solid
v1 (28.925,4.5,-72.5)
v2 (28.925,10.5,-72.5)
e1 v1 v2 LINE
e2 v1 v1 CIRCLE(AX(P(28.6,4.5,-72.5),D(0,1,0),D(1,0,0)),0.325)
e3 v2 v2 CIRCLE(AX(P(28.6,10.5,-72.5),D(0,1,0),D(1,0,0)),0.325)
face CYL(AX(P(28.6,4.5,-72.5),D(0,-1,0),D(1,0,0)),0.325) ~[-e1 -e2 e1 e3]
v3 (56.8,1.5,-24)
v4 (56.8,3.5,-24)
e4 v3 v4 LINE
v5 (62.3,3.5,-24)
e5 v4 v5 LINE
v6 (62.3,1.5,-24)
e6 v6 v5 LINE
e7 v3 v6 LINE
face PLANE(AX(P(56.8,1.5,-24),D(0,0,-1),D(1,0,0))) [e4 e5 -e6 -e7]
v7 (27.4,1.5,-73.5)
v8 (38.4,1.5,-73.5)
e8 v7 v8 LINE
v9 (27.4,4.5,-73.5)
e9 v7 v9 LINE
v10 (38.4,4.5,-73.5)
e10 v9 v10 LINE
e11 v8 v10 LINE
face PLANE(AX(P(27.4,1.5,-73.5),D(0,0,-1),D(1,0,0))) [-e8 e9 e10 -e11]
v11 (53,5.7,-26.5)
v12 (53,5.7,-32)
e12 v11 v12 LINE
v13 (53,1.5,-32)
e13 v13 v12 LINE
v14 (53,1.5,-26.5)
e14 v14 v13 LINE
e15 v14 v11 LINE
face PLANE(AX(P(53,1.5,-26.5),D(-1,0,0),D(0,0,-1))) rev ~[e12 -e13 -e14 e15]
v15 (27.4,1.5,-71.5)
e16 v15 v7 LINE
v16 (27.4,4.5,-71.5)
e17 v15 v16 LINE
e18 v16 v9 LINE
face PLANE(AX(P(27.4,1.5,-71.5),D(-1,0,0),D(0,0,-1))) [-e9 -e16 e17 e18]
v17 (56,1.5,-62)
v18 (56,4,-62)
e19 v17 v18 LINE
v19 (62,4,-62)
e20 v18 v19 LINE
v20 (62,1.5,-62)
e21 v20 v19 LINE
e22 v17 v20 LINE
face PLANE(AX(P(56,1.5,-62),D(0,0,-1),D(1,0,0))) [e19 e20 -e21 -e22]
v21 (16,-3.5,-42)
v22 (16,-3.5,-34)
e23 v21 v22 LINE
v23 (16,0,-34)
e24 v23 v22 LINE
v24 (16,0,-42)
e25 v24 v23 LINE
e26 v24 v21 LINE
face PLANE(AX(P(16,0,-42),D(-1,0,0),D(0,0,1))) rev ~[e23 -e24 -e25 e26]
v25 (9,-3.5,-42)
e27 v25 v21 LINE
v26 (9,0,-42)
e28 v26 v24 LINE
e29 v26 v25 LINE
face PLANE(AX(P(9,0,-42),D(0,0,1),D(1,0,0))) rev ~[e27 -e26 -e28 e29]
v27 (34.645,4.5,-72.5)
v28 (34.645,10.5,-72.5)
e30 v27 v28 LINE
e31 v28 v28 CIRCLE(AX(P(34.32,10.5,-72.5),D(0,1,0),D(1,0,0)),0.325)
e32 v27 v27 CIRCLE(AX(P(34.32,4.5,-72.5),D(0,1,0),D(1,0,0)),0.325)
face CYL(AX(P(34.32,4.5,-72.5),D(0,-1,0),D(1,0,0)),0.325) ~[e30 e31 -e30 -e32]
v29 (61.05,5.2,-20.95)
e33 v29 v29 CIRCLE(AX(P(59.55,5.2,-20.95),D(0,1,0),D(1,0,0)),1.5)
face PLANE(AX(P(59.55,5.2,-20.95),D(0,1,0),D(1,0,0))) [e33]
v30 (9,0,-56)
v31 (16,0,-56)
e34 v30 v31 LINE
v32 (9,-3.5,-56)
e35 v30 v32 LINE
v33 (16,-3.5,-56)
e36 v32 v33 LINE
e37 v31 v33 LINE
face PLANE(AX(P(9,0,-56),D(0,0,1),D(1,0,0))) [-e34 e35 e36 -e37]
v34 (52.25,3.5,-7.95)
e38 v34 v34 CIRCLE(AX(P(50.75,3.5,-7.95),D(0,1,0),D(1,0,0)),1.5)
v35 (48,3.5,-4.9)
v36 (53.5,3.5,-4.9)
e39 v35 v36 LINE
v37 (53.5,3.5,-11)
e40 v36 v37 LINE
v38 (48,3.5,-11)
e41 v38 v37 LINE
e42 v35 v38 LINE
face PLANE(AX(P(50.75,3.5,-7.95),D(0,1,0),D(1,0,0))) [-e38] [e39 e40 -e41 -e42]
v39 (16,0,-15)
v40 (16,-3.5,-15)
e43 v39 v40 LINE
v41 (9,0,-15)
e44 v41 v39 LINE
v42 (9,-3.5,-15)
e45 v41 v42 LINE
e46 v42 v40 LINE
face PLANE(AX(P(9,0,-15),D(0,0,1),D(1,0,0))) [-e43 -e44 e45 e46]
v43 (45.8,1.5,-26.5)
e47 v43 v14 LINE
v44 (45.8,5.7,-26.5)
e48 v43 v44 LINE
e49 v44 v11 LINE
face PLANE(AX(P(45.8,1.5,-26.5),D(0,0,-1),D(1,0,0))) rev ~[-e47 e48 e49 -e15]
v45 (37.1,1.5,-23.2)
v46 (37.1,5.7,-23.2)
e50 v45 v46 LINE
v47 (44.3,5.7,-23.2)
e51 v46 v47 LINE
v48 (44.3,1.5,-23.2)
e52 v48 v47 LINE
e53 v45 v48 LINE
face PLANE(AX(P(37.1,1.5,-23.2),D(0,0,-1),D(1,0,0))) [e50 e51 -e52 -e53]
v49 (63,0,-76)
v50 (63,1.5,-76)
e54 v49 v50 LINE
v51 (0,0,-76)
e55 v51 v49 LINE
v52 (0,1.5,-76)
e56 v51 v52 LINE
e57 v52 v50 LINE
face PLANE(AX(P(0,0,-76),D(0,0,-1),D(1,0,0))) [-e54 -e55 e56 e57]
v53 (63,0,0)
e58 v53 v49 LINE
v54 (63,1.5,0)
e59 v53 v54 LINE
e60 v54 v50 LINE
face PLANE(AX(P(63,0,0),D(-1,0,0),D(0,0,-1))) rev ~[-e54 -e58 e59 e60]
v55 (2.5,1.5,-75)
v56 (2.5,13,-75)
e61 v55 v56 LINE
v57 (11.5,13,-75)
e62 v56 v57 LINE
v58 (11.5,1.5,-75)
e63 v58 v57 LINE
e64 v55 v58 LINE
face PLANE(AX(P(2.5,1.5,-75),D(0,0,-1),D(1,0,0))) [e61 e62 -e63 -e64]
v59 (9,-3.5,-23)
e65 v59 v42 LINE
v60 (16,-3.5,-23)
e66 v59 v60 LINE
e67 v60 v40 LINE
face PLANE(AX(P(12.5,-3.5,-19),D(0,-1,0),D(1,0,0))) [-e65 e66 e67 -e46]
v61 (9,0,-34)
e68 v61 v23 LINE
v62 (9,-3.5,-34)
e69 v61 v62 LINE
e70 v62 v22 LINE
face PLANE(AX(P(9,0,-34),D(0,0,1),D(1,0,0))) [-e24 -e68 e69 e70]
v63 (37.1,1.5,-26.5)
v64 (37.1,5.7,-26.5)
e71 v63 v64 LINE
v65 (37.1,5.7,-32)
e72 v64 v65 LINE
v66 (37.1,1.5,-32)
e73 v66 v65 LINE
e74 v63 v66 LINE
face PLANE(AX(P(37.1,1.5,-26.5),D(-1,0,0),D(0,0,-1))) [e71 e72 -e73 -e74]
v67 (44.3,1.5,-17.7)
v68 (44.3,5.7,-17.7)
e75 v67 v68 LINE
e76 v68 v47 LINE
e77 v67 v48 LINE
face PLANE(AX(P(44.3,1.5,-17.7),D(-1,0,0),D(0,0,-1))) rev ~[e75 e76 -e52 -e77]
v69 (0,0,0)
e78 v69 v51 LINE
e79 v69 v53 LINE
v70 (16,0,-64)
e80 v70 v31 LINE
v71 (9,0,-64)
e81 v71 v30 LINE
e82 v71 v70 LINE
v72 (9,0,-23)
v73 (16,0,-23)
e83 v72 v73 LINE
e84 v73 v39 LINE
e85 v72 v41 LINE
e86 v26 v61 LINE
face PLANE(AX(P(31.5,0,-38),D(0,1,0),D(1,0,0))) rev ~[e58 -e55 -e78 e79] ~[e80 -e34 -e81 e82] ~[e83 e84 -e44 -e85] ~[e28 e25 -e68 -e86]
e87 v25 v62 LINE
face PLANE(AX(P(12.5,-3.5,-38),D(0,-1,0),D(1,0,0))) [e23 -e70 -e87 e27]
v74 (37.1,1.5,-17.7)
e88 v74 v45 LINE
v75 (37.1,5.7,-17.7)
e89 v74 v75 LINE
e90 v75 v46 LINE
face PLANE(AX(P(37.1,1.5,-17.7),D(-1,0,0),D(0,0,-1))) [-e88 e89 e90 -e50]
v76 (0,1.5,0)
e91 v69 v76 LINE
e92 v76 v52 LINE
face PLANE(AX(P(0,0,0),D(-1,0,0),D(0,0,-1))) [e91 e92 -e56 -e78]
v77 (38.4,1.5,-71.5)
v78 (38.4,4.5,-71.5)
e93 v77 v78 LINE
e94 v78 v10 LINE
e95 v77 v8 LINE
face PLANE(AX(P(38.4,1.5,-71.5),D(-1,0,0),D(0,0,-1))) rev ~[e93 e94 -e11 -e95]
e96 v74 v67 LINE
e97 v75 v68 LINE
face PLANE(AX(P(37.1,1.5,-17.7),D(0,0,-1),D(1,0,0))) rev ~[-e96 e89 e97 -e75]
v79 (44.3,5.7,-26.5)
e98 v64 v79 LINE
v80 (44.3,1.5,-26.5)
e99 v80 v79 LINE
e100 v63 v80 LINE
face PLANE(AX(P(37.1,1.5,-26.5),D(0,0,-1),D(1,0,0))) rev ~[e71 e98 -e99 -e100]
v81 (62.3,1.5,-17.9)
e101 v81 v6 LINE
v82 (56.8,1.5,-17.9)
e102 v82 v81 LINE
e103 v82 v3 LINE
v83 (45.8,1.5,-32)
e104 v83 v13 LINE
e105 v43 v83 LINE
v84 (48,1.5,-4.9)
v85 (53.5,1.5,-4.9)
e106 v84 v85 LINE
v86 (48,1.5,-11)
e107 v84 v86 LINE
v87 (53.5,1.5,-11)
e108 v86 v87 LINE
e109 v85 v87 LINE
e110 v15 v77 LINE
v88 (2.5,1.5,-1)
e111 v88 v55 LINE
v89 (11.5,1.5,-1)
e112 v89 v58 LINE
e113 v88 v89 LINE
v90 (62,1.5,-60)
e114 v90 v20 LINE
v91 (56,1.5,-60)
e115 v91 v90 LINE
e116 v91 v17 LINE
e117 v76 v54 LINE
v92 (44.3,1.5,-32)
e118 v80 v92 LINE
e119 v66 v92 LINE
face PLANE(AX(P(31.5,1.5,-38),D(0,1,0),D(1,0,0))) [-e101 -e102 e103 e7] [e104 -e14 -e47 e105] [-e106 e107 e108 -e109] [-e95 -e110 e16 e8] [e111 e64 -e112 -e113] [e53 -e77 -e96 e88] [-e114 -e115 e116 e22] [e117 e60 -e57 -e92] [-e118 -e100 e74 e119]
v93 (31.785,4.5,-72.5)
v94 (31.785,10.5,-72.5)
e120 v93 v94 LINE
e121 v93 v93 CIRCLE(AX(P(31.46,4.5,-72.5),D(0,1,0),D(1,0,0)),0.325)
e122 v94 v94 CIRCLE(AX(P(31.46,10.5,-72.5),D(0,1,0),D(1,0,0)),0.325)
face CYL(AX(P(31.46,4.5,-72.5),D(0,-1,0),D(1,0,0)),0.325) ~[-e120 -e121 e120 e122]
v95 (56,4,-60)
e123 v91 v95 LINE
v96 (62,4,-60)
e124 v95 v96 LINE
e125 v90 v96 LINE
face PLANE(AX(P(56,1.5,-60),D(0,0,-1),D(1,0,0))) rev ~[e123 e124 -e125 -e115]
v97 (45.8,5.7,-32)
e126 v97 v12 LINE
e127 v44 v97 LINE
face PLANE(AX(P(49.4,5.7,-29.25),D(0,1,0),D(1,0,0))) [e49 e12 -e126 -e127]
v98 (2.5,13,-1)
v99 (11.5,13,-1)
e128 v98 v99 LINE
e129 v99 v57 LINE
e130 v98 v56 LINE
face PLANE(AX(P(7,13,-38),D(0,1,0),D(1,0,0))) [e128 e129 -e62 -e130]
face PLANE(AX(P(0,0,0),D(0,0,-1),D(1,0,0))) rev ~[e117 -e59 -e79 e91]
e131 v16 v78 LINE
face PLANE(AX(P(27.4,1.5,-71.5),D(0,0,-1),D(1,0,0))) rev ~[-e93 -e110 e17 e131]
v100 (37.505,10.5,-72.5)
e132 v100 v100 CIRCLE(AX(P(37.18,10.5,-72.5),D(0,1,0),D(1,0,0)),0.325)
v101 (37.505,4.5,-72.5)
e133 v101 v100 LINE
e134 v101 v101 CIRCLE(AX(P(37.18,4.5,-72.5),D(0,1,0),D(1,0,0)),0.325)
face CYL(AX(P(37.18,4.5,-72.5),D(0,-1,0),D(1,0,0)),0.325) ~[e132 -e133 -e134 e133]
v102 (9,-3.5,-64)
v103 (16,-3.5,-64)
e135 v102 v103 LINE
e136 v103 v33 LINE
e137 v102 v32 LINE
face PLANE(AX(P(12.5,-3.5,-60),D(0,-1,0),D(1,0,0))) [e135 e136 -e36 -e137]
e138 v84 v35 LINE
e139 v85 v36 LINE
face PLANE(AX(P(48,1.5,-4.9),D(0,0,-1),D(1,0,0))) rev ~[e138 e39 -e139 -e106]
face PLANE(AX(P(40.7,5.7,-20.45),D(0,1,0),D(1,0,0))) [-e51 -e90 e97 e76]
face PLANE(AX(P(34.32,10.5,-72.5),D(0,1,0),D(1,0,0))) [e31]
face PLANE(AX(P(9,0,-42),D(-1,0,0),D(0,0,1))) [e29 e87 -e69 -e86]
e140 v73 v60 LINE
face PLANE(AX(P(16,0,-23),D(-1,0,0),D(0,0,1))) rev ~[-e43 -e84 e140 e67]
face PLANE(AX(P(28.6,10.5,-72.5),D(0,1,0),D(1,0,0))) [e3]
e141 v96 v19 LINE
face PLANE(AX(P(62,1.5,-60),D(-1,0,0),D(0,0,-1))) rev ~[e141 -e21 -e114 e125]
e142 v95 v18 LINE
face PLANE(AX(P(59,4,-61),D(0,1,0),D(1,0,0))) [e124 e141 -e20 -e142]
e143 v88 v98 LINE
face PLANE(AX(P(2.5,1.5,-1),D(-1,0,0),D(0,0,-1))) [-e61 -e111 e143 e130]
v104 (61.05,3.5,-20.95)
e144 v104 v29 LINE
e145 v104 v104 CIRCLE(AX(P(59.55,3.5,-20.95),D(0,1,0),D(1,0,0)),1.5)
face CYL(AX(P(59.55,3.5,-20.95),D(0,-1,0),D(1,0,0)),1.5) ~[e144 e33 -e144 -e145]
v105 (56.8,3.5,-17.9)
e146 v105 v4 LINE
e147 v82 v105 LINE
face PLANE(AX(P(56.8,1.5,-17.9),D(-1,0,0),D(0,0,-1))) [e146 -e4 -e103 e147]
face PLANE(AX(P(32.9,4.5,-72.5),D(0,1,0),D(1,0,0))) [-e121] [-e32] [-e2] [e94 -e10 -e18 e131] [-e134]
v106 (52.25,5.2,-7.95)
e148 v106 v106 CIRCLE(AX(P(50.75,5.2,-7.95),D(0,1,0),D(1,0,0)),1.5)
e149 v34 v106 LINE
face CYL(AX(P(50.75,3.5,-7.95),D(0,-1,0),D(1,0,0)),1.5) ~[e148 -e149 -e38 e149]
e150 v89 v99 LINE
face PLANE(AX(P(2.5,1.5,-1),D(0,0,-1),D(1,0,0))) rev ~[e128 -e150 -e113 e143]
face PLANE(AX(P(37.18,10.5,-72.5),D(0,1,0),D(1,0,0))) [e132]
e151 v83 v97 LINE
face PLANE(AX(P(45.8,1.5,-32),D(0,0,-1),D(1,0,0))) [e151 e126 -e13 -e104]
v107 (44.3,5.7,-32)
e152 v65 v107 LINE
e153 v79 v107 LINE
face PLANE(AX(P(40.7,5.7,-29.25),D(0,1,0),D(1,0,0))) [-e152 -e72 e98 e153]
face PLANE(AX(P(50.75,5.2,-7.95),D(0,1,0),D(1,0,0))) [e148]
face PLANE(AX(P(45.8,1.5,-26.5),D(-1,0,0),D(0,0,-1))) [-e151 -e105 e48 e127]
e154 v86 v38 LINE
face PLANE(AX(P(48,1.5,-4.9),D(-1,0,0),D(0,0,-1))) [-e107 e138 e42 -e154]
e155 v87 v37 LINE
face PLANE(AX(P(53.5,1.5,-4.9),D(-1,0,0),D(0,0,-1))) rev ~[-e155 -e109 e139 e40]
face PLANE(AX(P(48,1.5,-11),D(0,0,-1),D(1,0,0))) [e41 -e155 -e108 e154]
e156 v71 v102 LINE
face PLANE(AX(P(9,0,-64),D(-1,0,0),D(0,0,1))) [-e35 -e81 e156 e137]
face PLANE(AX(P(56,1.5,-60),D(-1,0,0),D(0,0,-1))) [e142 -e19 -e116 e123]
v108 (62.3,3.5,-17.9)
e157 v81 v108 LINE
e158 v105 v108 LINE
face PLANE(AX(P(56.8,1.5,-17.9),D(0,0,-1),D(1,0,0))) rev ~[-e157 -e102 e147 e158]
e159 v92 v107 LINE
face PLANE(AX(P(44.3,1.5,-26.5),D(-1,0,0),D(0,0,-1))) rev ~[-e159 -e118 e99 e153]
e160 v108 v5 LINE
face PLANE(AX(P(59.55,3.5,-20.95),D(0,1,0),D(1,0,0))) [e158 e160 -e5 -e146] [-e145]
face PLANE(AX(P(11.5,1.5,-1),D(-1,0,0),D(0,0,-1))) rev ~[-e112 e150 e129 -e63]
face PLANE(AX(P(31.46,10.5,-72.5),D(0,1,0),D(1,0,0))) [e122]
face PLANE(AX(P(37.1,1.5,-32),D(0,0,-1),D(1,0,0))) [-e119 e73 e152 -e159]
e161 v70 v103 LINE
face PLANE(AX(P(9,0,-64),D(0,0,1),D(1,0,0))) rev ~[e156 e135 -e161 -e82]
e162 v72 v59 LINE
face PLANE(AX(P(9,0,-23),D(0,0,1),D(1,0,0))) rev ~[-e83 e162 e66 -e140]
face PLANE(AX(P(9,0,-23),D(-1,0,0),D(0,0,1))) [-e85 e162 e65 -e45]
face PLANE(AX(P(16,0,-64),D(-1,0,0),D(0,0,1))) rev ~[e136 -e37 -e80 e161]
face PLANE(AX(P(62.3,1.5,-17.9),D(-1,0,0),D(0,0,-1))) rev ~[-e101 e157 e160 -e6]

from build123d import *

# Parameters (mm, degrees)
SKETCH1_W            = 63
SKETCH1_H            = 76
BOSS_EXTRUDE1_DEPTH  = 1.5
SKETCH2_W            = 9
SKETCH2_H            = 74
BOSS_EXTRUDE2_DEPTH  = 11.5
SKETCH3_W            = 7
SKETCH3_H            = 8
BOSS_EXTRUDE3_DEPTH  = 3.5
SKETCH4_W            = 11
SKETCH4_H            = 2
BOSS_EXTRUDE4_DEPTH  = 3
SKETCH5_R            = 0.325
BOSS_EXTRUDE5_DEPTH  = 6
SKETCH6_W            = 6
SKETCH6_H            = 2
BOSS_EXTRUDE6_DEPTH  = 2.5
SKETCH8_W            = 7.2
SKETCH8_H            = 5.5
BOSS_EXTRUDE8_DEPTH  = 4.2
SKETCH9_W            = 5.5
SKETCH9_H            = 6.1
BOSS_EXTRUDE9_DEPTH  = 2
SKETCH10_R           = 1.5
BOSS_EXTRUDE10_DEPTH = 1.7
SKETCH11_W           = 5.5
SKETCH11_H           = 6.1
BOSS_EXTRUDE11_DEPTH = 2
SKETCH12_R           = 1.5
BOSS_EXTRUDE12_DEPTH = 1.7


with BuildPart() as part:
    # Sketch1 → Boss-Extrude1 (new body)
    with BuildSketch(Plane(origin=(0, 0, 0), x_dir=(1, 0, 0), z_dir=(0, 1, 0))):
        with Locations((31.5, 38)):
            Rectangle(SKETCH1_W, SKETCH1_H)
    extrude(amount=BOSS_EXTRUDE1_DEPTH)

    # Sketch2 → Boss-Extrude2 (add)
    with BuildSketch(Plane(origin=(0, 1.5, 0), x_dir=(1, 0, 0), z_dir=(0, 1, 0))):
        with Locations((7, 38)):
            Rectangle(SKETCH2_W, SKETCH2_H)
    extrude(amount=BOSS_EXTRUDE2_DEPTH)

    # Sketch3 → Boss-Extrude3 (add)
    with BuildSketch(Plane.XZ):
        with Locations((12.5, -19)):
            Rectangle(SKETCH3_W, SKETCH3_H)
        with Locations((12.5, -38)):
            Rectangle(SKETCH3_W, SKETCH3_H)
        with Locations((12.5, -60)):
            Rectangle(SKETCH3_W, SKETCH3_H)
    extrude(amount=BOSS_EXTRUDE3_DEPTH)

    # Sketch4 → Boss-Extrude4 (add)
    with BuildSketch(Plane(origin=(0, 1.5, 0), x_dir=(1, 0, 0), z_dir=(0, 1, 0))):
        with Locations((32.9, 72.5)):
            Rectangle(SKETCH4_W, SKETCH4_H)
    extrude(amount=BOSS_EXTRUDE4_DEPTH)

    # Sketch5 → Boss-Extrude5 (add)
    with BuildSketch(Plane(origin=(0, 4.5, 0), x_dir=(1, 0, 0), z_dir=(0, 1, 0))):
        with Locations((28.6, 72.5)):
            Circle(SKETCH5_R)
        with Locations((31.46, 72.5)):
            Circle(SKETCH5_R)
        with Locations((34.32, 72.5)):
            Circle(SKETCH5_R)
        with Locations((37.18, 72.5)):
            Circle(SKETCH5_R)
    extrude(amount=BOSS_EXTRUDE5_DEPTH)

    # Sketch6 → Boss-Extrude6 (add)
    with BuildSketch(Plane(origin=(0, 1.5, 0), x_dir=(1, 0, 0), z_dir=(0, 1, 0))):
        with Locations((59, 61)):
            Rectangle(SKETCH6_W, SKETCH6_H)
    extrude(amount=BOSS_EXTRUDE6_DEPTH)

    # Sketch8 → Boss-Extrude8 (add)
    with BuildSketch(Plane(origin=(0, 1.5, 0), x_dir=(1, 0, 0), z_dir=(0, 1, 0))):
        with Locations((40.7, 29.25)):
            Rectangle(SKETCH8_W, SKETCH8_H)
        with Locations((49.4, 29.25)):
            Rectangle(SKETCH8_W, SKETCH8_H)
        with Locations((40.7, 20.45)):
            Rectangle(SKETCH8_W, SKETCH8_H)
    extrude(amount=BOSS_EXTRUDE8_DEPTH)

    # Sketch9 → Boss-Extrude9 (add)
    with BuildSketch(Plane(origin=(0, 1.5, 0), x_dir=(1, 0, 0), z_dir=(0, 1, 0))):
        with Locations((59.55, 20.95)):
            Rectangle(SKETCH9_W, SKETCH9_H)
    extrude(amount=BOSS_EXTRUDE9_DEPTH)

    # Sketch10 → Boss-Extrude10 (add)
    with BuildSketch(Plane(origin=(0, 3.5, 0), x_dir=(1, 0, 0), z_dir=(0, 1, 0))):
        with Locations((59.55, 20.95)):
            Circle(SKETCH10_R)
    extrude(amount=BOSS_EXTRUDE10_DEPTH)

    # Sketch11 → Boss-Extrude11 (add)
    with BuildSketch(Plane(origin=(0, 1.5, 0), x_dir=(1, 0, 0), z_dir=(0, 1, 0))):
        with Locations((50.75, 7.95)):
            Rectangle(SKETCH11_W, SKETCH11_H)
    extrude(amount=BOSS_EXTRUDE11_DEPTH)

    # Sketch12 → Boss-Extrude12 (add)
    with BuildSketch(Plane(origin=(0, 3.5, 0), x_dir=(1, 0, 0), z_dir=(0, 1, 0))):
        with Locations((50.75, 7.95)):
            Circle(SKETCH12_R)
    extrude(amount=BOSS_EXTRUDE12_DEPTH)


solid = part.part
